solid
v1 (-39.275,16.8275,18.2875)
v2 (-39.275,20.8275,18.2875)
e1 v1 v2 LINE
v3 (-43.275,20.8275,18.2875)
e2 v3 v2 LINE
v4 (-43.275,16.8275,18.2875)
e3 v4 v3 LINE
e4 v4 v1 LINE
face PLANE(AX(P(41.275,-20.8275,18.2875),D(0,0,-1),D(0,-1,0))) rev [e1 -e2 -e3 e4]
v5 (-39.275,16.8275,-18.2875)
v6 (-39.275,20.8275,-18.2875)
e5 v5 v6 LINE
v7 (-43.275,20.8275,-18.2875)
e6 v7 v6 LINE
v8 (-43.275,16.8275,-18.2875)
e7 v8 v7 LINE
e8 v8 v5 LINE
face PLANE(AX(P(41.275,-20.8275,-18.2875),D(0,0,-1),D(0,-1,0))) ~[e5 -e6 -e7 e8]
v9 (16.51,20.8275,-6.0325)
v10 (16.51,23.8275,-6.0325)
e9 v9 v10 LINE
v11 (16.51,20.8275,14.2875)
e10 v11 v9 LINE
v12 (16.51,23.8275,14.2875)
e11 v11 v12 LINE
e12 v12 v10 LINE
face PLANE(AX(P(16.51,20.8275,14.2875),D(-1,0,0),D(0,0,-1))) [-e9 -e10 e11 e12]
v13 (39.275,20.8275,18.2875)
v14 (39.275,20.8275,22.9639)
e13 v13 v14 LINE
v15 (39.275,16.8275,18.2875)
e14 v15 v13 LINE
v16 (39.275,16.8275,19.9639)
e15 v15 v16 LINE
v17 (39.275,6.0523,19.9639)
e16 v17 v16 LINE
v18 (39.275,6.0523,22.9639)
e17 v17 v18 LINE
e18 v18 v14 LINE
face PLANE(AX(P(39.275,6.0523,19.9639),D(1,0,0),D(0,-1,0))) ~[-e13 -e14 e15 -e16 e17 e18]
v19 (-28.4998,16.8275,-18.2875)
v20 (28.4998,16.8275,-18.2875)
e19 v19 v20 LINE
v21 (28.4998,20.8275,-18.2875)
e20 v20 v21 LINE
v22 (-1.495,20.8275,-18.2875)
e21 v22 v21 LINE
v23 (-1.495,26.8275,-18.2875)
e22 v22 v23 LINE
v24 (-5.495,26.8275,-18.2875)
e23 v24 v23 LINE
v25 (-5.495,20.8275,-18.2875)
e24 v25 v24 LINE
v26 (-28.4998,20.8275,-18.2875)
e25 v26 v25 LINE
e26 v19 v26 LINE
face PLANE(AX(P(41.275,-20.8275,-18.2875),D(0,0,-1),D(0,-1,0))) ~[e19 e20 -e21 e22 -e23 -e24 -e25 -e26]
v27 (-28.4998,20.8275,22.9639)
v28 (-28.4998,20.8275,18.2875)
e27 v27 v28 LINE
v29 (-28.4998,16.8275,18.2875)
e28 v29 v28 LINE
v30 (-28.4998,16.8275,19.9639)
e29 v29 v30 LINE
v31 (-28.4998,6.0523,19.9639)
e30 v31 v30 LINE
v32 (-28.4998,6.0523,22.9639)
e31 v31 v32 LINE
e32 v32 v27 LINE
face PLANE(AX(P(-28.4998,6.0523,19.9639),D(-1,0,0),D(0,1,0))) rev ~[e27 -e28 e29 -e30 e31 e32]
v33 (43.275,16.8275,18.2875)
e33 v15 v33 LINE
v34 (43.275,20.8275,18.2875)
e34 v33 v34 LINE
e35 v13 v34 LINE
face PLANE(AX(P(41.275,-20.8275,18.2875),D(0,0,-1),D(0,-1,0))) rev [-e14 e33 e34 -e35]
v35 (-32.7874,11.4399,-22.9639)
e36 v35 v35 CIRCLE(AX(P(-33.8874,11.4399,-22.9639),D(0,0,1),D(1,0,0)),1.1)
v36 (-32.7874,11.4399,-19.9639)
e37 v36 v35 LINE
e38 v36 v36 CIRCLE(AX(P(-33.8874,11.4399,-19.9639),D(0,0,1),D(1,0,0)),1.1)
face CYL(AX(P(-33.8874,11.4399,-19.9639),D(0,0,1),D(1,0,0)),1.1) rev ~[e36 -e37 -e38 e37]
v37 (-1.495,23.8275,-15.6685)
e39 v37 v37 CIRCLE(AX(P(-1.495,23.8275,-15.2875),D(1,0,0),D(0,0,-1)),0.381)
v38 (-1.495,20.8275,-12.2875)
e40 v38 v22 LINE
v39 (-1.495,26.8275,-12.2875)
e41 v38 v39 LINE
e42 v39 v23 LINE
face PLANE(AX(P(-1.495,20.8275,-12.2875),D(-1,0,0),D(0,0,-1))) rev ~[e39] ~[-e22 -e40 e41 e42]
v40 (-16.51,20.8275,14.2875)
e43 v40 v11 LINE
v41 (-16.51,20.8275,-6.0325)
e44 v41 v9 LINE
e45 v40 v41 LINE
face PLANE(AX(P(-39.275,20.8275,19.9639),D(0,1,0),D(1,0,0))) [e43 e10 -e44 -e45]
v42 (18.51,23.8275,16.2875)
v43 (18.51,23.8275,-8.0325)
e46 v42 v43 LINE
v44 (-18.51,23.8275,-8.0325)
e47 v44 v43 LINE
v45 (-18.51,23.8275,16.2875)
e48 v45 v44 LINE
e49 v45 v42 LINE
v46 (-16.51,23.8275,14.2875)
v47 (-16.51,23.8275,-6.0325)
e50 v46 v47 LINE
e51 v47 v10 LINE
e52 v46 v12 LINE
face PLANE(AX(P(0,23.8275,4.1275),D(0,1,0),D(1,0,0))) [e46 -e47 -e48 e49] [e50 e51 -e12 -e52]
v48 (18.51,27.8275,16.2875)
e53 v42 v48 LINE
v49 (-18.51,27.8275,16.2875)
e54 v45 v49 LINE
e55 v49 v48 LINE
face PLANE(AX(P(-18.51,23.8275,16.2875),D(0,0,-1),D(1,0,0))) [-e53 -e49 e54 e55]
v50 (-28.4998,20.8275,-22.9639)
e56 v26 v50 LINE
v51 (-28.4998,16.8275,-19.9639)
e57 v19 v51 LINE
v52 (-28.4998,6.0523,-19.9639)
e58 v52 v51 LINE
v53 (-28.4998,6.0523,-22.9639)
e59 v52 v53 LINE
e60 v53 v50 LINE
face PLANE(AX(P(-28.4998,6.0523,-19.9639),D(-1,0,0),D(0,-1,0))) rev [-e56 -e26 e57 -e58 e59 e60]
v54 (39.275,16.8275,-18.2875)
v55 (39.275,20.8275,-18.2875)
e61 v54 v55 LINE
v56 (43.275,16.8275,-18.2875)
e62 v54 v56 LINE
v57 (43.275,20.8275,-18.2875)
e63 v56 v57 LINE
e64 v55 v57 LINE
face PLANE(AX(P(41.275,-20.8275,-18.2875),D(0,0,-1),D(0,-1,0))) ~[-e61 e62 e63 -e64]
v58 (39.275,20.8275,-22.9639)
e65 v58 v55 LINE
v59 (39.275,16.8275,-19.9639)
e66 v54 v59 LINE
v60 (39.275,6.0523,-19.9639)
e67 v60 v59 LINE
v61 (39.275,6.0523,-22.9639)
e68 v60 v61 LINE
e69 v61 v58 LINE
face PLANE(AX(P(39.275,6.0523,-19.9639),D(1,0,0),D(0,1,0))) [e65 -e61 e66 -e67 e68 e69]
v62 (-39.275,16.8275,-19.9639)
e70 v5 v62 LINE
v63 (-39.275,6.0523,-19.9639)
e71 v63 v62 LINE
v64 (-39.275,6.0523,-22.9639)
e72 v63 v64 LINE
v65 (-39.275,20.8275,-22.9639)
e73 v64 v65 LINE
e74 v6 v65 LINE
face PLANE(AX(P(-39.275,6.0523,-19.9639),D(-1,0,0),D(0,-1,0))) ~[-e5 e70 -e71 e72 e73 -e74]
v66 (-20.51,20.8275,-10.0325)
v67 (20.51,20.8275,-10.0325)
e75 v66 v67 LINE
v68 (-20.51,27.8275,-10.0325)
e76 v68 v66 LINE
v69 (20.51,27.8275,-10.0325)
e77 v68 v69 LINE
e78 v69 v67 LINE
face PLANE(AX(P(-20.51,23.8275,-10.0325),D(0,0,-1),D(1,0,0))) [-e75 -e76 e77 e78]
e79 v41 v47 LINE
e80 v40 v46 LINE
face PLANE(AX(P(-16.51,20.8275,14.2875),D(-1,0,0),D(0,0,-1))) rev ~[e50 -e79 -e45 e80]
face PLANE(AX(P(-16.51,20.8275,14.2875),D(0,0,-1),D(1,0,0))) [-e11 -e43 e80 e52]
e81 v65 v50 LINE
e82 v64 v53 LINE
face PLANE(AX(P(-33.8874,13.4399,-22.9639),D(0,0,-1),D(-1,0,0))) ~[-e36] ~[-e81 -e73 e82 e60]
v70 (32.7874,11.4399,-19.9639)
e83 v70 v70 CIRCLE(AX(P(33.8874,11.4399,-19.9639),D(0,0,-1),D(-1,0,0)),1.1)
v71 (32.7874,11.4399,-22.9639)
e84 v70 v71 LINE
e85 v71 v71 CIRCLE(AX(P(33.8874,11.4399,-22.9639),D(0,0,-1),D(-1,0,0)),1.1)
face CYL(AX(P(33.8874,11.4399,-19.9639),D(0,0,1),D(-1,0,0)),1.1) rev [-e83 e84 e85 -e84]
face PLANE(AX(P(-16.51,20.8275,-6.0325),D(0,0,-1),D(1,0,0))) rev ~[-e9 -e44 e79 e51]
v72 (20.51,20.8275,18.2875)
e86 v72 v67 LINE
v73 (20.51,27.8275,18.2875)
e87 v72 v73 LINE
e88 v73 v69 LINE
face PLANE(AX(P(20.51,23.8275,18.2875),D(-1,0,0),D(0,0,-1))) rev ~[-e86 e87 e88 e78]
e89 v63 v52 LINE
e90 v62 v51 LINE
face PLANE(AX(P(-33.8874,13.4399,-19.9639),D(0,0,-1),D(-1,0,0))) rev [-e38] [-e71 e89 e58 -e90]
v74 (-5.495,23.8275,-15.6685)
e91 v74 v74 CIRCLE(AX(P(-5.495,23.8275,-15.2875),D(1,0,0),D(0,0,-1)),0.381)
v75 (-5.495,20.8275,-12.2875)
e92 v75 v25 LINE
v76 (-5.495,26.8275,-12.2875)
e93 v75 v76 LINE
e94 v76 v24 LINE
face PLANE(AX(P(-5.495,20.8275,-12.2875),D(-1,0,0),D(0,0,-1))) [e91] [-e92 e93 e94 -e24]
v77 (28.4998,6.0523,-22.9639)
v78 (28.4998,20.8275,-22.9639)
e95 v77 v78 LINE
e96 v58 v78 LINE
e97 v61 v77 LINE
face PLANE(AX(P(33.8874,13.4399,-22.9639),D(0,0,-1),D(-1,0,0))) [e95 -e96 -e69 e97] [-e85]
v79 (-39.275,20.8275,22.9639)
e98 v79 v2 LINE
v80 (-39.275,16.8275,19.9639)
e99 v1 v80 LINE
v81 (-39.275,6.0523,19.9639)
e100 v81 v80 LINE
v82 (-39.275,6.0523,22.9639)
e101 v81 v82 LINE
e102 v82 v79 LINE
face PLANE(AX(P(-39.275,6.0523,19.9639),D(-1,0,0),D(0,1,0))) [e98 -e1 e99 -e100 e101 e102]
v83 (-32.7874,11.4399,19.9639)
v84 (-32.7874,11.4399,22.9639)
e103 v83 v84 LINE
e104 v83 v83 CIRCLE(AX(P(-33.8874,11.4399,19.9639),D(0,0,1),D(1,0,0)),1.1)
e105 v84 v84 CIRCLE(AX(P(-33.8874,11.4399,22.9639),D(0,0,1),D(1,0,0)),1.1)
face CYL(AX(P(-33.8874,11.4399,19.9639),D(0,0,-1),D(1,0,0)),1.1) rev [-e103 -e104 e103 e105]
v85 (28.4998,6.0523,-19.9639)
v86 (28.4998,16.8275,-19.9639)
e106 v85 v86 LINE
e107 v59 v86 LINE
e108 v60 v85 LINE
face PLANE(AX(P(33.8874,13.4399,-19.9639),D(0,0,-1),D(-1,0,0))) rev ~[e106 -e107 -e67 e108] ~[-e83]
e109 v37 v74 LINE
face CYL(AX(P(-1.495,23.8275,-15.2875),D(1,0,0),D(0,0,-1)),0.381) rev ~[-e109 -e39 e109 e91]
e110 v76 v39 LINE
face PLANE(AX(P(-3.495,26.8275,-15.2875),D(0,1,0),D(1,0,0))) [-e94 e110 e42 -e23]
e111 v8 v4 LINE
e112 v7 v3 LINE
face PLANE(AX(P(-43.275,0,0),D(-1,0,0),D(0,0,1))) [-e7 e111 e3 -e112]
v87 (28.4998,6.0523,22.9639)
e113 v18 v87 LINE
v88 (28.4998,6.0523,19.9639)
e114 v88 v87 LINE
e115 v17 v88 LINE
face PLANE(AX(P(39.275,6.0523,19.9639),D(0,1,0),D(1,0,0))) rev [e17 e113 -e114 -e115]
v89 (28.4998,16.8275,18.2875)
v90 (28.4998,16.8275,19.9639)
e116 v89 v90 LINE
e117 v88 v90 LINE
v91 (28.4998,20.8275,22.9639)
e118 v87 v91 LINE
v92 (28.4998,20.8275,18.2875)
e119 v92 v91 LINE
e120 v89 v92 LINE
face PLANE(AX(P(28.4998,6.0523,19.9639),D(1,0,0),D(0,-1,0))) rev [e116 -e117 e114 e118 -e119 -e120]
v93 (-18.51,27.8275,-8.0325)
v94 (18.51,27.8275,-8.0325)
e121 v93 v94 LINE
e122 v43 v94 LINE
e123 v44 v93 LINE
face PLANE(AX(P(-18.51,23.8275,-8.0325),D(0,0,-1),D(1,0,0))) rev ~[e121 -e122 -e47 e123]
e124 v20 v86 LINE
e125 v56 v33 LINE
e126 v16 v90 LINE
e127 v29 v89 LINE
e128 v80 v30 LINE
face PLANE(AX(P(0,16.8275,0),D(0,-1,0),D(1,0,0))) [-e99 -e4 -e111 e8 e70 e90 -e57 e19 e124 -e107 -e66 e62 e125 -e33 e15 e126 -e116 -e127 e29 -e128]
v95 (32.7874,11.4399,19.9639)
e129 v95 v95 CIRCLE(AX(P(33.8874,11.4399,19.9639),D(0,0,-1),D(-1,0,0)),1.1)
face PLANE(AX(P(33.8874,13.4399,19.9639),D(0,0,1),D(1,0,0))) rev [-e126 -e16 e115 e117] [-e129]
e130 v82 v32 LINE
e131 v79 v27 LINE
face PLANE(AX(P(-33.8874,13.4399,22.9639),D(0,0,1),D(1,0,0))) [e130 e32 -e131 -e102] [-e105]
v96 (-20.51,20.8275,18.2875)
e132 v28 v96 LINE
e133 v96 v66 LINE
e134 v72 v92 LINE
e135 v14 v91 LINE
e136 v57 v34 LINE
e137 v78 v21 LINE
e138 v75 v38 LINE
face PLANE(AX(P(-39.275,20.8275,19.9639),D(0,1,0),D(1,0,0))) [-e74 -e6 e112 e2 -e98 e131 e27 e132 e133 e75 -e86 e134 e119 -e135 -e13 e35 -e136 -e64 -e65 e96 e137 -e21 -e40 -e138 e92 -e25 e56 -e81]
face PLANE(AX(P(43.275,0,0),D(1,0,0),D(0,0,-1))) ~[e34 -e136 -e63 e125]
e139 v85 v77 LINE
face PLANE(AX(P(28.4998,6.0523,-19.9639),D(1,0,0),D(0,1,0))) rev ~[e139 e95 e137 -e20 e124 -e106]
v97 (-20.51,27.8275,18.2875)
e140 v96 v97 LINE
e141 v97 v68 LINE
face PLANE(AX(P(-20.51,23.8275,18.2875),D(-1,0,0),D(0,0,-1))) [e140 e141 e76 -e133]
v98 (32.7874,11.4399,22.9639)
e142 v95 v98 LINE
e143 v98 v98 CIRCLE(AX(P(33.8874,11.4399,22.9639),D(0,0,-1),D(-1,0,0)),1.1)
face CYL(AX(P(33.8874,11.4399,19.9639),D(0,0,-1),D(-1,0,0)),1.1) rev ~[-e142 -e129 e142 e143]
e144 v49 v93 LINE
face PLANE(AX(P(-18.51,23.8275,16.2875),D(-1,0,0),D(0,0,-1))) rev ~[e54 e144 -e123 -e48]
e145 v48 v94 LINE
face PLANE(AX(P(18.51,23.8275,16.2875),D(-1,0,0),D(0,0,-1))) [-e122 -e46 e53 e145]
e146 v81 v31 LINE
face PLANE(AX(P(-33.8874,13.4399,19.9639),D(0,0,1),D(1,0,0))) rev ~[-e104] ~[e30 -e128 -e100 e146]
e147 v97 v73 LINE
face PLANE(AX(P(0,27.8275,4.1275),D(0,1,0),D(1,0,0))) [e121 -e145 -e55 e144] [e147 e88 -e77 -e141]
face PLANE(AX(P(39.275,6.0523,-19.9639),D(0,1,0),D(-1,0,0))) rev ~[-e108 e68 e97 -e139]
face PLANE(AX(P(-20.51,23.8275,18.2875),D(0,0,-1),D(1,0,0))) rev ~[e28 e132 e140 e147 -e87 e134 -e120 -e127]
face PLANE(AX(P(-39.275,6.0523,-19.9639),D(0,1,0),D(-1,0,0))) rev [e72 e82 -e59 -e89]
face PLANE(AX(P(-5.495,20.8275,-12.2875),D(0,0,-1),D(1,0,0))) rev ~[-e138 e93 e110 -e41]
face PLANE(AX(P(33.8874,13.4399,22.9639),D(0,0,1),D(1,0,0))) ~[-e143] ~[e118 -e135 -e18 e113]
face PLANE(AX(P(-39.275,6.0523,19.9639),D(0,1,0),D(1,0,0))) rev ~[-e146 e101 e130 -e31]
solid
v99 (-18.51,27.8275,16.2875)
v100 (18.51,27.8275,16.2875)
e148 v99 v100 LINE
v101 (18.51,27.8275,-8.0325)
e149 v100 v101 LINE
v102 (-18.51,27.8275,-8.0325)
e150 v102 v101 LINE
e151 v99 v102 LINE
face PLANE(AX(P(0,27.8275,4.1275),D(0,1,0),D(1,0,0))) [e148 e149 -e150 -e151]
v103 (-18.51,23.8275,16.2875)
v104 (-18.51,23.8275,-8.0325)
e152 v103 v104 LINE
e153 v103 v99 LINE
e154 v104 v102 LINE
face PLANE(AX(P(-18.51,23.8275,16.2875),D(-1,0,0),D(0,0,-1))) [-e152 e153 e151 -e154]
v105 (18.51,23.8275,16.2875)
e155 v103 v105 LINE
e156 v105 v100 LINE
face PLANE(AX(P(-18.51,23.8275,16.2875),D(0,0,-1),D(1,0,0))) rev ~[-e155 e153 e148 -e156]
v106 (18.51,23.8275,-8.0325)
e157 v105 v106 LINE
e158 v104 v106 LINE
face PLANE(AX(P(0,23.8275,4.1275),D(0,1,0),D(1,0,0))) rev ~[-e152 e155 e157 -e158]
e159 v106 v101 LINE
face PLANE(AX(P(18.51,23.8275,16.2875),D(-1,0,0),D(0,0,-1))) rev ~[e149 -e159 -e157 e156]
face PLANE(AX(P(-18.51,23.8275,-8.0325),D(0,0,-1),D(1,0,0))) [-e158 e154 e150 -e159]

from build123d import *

# Parameters (mm, degrees)
SKETCH1_W               = 36.575
SKETCH1_H               = 41.655
SKETCH1_W_2             = 28.575
SKETCH1_H_2             = 33.655
BOSS_EXTRUDE1_DEPTH     = 41.275
SKETCH2_W               = 36.575
SKETCH2_H               = 41.655
BOSS_EXTRUDE2_DEPTH     = 2
SKETCH4_W               = 86.55
SKETCH4_H               = 36.575
CUT_EXTRUDE2_DEPTH      = 37.655
SKETCH5_W               = 10.7752
SKETCH5_H               = 4
BOSS_EXTRUDE3_DEPTH     = 1.6764
SKETCH6_W               = 10.7752
SKETCH6_H               = 14.7752
SKETCH6_R               = 1.1
BOSS_EXTRUDE4_DEPTH     = 3
MIRROR3_COPY_1_SKETCH_W = 10.7752
MIRROR3_COPY_1_SKETCH_H = 4
MIRROR3_COPY_1_DEPTH    = 1.6764
MIRROR3_COPY_2_SKETCH_W = 10.7752
MIRROR3_COPY_2_SKETCH_H = 14.7752
MIRROR3_COPY_2_SKETCH_R = 1.1
MIRROR3_COPY_2_DEPTH    = 3
SKETCH7_W               = 4
SKETCH7_H               = 6
BOSS_EXTRUDE5_DEPTH     = 6
SKETCH8_R               = 0.381
CUT_EXTRUDE3_DEPTH      = 58.021122047
SKETCH9_W               = 41.02
SKETCH9_H               = 28.32
SKETCH9_W_2             = 33.02
SKETCH9_H_2             = 20.32
BOSS_EXTRUDE6_DEPTH     = 3
SKETCH10_W              = 41.02
SKETCH10_H              = 28.32
SKETCH10_W_2            = 37.02
SKETCH10_H_2            = 24.32
BOSS_EXTRUDE7_DEPTH     = 4
SKETCH11_W              = 37.02
SKETCH11_H              = 24.32
BOSS_EXTRUDE8_DEPTH     = 4


with BuildPart() as part:
    # Sketch1 → Boss-Extrude1 (new, symmetric)
    with BuildSketch(Plane(origin=(0, 0, 0), x_dir=(0, 0, -1), z_dir=(1, 0, 0))):
        Rectangle(SKETCH1_W, SKETCH1_H)
        Rectangle(SKETCH1_W_2, SKETCH1_H_2, mode=Mode.SUBTRACT)
    extrude(amount=BOSS_EXTRUDE1_DEPTH, both=True)

    # Sketch2 → Boss-Extrude2 (add)
    with BuildSketch(Plane.ZY.offset(41.275)):
        Rectangle(SKETCH2_W, SKETCH2_H)
    boss_extrude2 = extrude(amount=BOSS_EXTRUDE2_DEPTH)

    # Mirror1: Boss-Extrude2 across plane
    add(boss_extrude2.mirror(Plane(origin=(0, 0, 0), x_dir=(0, 0, 1), z_dir=(1, 0, 0))))

    # Sketch4 → Cut-Extrude2 (cut)
    with BuildSketch(Plane.XZ.offset(20.8275)):
        Rectangle(SKETCH4_W, SKETCH4_H)
    extrude(amount=-CUT_EXTRUDE2_DEPTH, mode=Mode.SUBTRACT)

    # Sketch5 → Boss-Extrude3 (add)
    with BuildSketch(Plane(origin=(0, 0, -18.2875), x_dir=(-1, 0, 0), z_dir=(0, 0, -1))):
        with Locations((-33.8874, 18.8275)):
            Rectangle(SKETCH5_W, SKETCH5_H)
    boss_extrude3 = extrude(amount=BOSS_EXTRUDE3_DEPTH)

    # Sketch6 → Boss-Extrude4 (add)
    with BuildSketch(Plane(origin=(0, 0, -19.9639), x_dir=(-1, 0, 0), z_dir=(0, 0, -1))):
        with Locations((-33.8874, 13.4399)):
            Rectangle(SKETCH6_W, SKETCH6_H)
        with Locations((-33.8874, 11.4399)):
            Circle(SKETCH6_R, mode=Mode.SUBTRACT)
    boss_extrude4 = extrude(amount=BOSS_EXTRUDE4_DEPTH)

    # Mirror2: Boss-Extrude3, Boss-Extrude4 across plane
    add(boss_extrude3.mirror(Plane(origin=(0, 0, 0), x_dir=(0, 0, 1), z_dir=(1, 0, 0))))
    add(boss_extrude4.mirror(Plane(origin=(0, 0, 0), x_dir=(0, 0, 1), z_dir=(1, 0, 0))))

    # Mirror3: Boss-Extrude3, Boss-Extrude4 across plane
    add(boss_extrude3.mirror(Plane.XY))
    add(boss_extrude4.mirror(Plane.XY))

    # Mirror3 copy 1 sketch → Mirror3 copy 1 (add)
    with BuildSketch(Plane.XY.offset(18.2875)):
        with Locations((-33.8874, 18.8275)):
            Rectangle(MIRROR3_COPY_1_SKETCH_W, MIRROR3_COPY_1_SKETCH_H)
    extrude(amount=MIRROR3_COPY_1_DEPTH)

    # Mirror3 copy 2 sketch → Mirror3 copy 2 (add)
    with BuildSketch(Plane.XY.offset(19.9639)):
        with Locations((-33.8874, 13.4399)):
            Rectangle(MIRROR3_COPY_2_SKETCH_W, MIRROR3_COPY_2_SKETCH_H)
        with Locations((-33.8874, 11.4399)):
            Circle(MIRROR3_COPY_2_SKETCH_R, mode=Mode.SUBTRACT)
    extrude(amount=MIRROR3_COPY_2_DEPTH)

    # Sketch7 → Boss-Extrude5 (add)
    with BuildSketch(Plane(origin=(0, 20.8275, 0), x_dir=(1, 0, 0), z_dir=(0, 1, 0))):
        with Locations((-3.495, 15.2875)):
            Rectangle(SKETCH7_W, SKETCH7_H)
    extrude(amount=BOSS_EXTRUDE5_DEPTH)

    # Sketch8 → Cut-Extrude3 (cut, through all)
    with BuildSketch(Plane(origin=(-1.495, 0, 0), x_dir=(0, 0, -1), z_dir=(1, 0, 0))):
        with Locations((15.2875, 23.8275)):
            Circle(SKETCH8_R)
    extrude(amount=-CUT_EXTRUDE3_DEPTH, mode=Mode.SUBTRACT)

    # Sketch9 → Boss-Extrude6 (add)
    with BuildSketch(Plane(origin=(0, 20.8275, 0), x_dir=(1, 0, 0), z_dir=(0, 1, 0))):
        with Locations((0, -4.1275)):
            Rectangle(SKETCH9_W, SKETCH9_H)
        with Locations((0, -4.1275)):
            Rectangle(SKETCH9_W_2, SKETCH9_H_2, mode=Mode.SUBTRACT)
    extrude(amount=BOSS_EXTRUDE6_DEPTH)

    # Sketch10 → Boss-Extrude7 (add)
    with BuildSketch(Plane(origin=(0, 23.8275, 0), x_dir=(1, 0, 0), z_dir=(0, 1, 0))):
        with Locations((0, -4.1275)):
            Rectangle(SKETCH10_W, SKETCH10_H)
        with Locations((0, -4.1275)):
            Rectangle(SKETCH10_W_2, SKETCH10_H_2, mode=Mode.SUBTRACT)
    extrude(amount=BOSS_EXTRUDE7_DEPTH)


with BuildPart() as body_2:
    # Sketch11 → Boss-Extrude8 (new body)
    with BuildSketch(Plane(origin=(0, 23.8275, 0), x_dir=(1, 0, 0), z_dir=(0, 1, 0))):
        with Locations((0, -4.1275)):
            Rectangle(SKETCH11_W, SKETCH11_H)
    extrude(amount=BOSS_EXTRUDE8_DEPTH)


solid = Compound([part.part, body_2.part])
